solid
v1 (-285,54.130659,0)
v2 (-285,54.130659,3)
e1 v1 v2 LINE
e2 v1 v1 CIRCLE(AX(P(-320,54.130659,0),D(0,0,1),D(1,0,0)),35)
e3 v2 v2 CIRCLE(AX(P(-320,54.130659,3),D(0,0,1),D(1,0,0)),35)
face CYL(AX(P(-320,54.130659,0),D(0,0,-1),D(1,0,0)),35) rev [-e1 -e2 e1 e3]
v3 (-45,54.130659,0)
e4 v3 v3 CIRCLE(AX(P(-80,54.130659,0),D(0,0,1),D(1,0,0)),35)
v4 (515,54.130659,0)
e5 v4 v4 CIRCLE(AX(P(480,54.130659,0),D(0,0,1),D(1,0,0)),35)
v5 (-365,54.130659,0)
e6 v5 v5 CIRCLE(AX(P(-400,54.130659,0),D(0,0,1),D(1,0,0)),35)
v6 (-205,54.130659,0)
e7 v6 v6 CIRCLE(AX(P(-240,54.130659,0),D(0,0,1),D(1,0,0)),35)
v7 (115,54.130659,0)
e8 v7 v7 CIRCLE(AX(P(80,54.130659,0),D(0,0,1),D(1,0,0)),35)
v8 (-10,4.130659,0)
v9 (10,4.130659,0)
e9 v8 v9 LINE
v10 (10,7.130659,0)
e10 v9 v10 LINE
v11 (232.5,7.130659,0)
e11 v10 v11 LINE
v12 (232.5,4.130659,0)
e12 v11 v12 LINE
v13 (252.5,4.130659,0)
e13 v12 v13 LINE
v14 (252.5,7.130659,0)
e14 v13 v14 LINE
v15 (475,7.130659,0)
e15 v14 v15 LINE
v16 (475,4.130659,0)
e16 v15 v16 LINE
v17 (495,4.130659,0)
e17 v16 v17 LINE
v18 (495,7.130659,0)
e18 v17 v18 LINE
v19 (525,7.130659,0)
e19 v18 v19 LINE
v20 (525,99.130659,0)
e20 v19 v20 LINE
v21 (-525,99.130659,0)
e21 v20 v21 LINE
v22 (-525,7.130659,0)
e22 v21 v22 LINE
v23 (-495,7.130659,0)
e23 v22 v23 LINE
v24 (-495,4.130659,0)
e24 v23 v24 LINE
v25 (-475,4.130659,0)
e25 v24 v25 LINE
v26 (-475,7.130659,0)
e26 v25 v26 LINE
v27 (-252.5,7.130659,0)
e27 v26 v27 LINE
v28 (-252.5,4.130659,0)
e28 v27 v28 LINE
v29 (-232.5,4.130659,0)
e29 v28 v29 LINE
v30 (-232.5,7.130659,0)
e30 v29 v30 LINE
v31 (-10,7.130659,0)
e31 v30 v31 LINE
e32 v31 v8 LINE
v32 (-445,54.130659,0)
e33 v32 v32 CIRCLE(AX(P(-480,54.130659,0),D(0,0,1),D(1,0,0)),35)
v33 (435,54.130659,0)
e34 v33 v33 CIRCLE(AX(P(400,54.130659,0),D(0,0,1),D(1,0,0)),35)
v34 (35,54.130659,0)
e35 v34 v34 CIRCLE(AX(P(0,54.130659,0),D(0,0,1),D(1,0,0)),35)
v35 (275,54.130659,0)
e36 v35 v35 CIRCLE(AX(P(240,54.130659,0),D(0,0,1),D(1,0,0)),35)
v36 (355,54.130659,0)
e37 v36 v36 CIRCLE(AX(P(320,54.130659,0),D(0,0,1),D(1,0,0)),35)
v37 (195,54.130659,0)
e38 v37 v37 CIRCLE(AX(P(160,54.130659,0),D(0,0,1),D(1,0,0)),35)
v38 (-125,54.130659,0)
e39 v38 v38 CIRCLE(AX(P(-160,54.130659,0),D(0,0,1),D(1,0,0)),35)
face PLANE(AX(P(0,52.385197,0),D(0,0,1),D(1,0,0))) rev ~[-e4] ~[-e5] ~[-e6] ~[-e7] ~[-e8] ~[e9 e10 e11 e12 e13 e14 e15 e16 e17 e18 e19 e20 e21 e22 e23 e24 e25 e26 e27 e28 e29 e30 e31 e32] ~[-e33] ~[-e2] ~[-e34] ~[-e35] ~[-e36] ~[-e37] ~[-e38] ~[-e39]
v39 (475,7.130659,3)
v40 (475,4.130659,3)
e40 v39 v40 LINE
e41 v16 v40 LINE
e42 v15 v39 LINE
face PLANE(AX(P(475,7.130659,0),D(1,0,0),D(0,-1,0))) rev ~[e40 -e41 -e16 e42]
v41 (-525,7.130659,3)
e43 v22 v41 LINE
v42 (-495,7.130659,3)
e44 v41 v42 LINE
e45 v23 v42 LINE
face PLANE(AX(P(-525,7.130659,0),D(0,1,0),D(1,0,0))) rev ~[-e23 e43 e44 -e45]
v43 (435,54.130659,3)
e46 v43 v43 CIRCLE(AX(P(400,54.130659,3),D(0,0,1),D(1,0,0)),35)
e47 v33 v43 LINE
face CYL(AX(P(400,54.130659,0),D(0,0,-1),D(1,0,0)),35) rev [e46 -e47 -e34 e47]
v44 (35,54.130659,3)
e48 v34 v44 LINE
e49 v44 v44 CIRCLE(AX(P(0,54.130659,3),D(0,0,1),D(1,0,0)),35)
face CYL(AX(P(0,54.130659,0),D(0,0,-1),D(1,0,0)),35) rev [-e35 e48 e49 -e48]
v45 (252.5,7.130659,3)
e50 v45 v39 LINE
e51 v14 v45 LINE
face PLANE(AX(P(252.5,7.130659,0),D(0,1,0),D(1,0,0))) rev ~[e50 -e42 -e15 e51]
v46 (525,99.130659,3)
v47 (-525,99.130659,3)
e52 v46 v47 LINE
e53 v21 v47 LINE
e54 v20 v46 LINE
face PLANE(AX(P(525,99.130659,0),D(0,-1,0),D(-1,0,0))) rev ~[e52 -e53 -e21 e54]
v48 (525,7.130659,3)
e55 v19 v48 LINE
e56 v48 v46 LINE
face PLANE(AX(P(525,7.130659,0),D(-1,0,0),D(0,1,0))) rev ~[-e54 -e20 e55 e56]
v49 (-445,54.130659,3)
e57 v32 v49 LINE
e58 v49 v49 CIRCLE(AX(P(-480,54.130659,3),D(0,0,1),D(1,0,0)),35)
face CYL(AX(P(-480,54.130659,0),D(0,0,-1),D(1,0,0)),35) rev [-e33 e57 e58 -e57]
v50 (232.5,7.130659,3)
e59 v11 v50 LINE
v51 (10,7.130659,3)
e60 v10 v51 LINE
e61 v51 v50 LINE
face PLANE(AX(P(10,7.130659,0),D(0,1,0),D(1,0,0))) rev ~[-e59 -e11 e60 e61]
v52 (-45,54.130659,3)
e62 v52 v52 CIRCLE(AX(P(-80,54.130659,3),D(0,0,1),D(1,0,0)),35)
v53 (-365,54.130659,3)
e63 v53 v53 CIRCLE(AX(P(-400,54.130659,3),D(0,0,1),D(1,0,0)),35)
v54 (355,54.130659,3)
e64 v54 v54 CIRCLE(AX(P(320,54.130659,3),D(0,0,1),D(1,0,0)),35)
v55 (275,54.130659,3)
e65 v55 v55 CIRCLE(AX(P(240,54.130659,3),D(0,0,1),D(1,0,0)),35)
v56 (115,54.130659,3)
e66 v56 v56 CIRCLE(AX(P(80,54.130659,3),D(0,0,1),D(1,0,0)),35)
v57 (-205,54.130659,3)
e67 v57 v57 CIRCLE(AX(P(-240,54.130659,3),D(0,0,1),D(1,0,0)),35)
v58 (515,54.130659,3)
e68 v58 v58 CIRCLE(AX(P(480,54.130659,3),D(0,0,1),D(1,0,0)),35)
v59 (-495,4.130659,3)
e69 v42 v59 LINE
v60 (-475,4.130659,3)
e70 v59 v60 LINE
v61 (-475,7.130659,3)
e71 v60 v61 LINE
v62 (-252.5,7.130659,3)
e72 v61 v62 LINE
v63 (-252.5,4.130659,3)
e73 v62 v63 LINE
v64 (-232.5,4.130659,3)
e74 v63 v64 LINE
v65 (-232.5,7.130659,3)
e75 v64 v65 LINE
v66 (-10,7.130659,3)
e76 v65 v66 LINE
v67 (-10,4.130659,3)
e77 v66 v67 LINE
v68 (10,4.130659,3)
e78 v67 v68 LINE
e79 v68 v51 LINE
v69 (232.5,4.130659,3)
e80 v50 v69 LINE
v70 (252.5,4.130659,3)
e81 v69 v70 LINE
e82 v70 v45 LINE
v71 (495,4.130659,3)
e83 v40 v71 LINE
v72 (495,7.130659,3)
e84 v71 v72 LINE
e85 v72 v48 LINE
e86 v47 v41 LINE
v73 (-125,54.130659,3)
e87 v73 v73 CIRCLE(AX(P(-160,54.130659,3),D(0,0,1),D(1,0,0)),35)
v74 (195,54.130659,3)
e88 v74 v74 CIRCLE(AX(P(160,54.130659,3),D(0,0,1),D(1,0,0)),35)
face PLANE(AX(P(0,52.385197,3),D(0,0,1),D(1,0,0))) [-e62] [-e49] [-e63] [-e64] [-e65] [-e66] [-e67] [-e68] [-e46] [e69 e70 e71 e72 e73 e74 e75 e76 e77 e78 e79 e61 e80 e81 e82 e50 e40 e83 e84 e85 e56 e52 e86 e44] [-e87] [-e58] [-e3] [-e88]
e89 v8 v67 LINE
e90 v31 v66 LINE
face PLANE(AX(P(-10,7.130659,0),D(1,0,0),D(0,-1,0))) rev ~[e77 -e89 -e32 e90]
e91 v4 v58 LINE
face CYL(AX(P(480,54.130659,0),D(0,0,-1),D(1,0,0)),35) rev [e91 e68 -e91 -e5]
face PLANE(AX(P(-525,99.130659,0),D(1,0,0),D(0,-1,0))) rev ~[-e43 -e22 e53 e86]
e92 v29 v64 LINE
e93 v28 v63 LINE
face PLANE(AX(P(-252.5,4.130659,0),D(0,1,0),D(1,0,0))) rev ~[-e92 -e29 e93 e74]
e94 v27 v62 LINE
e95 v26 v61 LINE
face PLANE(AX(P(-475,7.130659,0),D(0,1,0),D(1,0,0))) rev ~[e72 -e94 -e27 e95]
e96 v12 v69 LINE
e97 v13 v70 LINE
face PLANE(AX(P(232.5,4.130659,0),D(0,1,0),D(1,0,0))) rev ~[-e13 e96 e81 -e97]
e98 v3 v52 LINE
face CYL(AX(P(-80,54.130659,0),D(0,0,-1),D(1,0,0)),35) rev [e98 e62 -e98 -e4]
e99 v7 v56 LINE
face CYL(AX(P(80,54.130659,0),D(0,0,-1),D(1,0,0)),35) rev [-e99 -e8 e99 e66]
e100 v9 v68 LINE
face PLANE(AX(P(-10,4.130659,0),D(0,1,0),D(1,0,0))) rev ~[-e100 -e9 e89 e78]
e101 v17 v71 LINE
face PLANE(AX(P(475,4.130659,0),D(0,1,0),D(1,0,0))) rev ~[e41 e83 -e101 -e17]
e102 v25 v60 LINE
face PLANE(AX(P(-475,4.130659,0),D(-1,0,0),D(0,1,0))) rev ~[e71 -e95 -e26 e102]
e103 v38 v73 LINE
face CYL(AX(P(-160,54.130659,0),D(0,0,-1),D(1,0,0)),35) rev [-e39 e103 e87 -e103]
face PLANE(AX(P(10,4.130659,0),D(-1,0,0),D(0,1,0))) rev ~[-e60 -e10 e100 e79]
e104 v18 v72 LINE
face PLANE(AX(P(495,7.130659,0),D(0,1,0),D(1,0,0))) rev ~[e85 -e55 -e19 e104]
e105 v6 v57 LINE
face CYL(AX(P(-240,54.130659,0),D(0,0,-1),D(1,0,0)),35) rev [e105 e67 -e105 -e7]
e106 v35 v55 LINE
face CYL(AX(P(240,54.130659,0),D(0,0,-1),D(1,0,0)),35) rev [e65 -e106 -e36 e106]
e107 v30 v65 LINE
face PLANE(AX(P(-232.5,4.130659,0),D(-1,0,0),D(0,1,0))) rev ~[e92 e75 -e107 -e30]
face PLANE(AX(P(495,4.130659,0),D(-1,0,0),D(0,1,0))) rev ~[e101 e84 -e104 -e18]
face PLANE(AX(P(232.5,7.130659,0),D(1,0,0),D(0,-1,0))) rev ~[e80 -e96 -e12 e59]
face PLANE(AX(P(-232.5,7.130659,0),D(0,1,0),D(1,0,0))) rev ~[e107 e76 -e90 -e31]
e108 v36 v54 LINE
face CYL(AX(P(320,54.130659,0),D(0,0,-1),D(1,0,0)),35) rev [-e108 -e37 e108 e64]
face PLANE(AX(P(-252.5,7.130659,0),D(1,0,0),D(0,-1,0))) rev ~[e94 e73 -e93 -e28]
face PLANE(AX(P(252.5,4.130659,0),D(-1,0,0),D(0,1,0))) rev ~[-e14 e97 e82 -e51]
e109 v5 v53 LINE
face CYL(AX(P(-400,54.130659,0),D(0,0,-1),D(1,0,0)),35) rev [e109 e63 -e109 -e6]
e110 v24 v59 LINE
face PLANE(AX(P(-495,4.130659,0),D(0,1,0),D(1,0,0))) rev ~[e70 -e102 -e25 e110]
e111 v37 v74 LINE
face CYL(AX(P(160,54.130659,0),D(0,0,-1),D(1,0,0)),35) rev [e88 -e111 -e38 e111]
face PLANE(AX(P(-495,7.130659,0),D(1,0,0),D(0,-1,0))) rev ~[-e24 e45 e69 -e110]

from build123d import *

# Parameters (mm, degrees)
F0_R     = 35
F1_DEPTH = 3


with BuildPart() as f1:
    # F0 (on Top) → F1 (new body)
    with BuildSketch(Plane.XY):
        Polygon((525, 99.130659), (-525, 99.130659), (-525, 7.130659), (-495, 7.130659), (-495, 4.130659), (-485, 4.130659), (-475, 4.130659), (-475, 7.130659), (-252.5, 7.130659), (-252.5, 4.130659), (-242.5, 4.130659), (-232.5, 4.130659), (-232.5, 7.130659), (-10, 7.130659), (-10, 4.130659), (0, 4.130659), (10, 4.130659), (10, 7.130659), (232.5, 7.130659), (232.5, 4.130659), (242.5, 4.130659), (252.5, 4.130659), (252.5, 7.130659), (475, 7.130659), (475, 4.130659), (485, 4.130659), (495, 4.130659), (495, 7.130659), (525, 7.130659), align=None)
        with Locations((-480, 54.130659)):
            Circle(F0_R, mode=Mode.SUBTRACT)
        with Locations((-400, 54.130659)):
            Circle(F0_R, mode=Mode.SUBTRACT)
        with Locations((-320, 54.130659)):
            Circle(F0_R, mode=Mode.SUBTRACT)
        with Locations((-240, 54.130659)):
            Circle(F0_R, mode=Mode.SUBTRACT)
        with Locations((-160, 54.130659)):
            Circle(F0_R, mode=Mode.SUBTRACT)
        with Locations((-80, 54.130659)):
            Circle(F0_R, mode=Mode.SUBTRACT)
        with Locations((0, 54.130659)):
            Circle(F0_R, mode=Mode.SUBTRACT)
        with Locations((80, 54.130659)):
            Circle(F0_R, mode=Mode.SUBTRACT)
        with Locations((160, 54.130659)):
            Circle(F0_R, mode=Mode.SUBTRACT)
        with Locations((240, 54.130659)):
            Circle(F0_R, mode=Mode.SUBTRACT)
        with Locations((320, 54.130659)):
            Circle(F0_R, mode=Mode.SUBTRACT)
        with Locations((400, 54.130659)):
            Circle(F0_R, mode=Mode.SUBTRACT)
        with Locations((480, 54.130659)):
            Circle(F0_R, mode=Mode.SUBTRACT)
    extrude(amount=F1_DEPTH)


solid = f1.part
